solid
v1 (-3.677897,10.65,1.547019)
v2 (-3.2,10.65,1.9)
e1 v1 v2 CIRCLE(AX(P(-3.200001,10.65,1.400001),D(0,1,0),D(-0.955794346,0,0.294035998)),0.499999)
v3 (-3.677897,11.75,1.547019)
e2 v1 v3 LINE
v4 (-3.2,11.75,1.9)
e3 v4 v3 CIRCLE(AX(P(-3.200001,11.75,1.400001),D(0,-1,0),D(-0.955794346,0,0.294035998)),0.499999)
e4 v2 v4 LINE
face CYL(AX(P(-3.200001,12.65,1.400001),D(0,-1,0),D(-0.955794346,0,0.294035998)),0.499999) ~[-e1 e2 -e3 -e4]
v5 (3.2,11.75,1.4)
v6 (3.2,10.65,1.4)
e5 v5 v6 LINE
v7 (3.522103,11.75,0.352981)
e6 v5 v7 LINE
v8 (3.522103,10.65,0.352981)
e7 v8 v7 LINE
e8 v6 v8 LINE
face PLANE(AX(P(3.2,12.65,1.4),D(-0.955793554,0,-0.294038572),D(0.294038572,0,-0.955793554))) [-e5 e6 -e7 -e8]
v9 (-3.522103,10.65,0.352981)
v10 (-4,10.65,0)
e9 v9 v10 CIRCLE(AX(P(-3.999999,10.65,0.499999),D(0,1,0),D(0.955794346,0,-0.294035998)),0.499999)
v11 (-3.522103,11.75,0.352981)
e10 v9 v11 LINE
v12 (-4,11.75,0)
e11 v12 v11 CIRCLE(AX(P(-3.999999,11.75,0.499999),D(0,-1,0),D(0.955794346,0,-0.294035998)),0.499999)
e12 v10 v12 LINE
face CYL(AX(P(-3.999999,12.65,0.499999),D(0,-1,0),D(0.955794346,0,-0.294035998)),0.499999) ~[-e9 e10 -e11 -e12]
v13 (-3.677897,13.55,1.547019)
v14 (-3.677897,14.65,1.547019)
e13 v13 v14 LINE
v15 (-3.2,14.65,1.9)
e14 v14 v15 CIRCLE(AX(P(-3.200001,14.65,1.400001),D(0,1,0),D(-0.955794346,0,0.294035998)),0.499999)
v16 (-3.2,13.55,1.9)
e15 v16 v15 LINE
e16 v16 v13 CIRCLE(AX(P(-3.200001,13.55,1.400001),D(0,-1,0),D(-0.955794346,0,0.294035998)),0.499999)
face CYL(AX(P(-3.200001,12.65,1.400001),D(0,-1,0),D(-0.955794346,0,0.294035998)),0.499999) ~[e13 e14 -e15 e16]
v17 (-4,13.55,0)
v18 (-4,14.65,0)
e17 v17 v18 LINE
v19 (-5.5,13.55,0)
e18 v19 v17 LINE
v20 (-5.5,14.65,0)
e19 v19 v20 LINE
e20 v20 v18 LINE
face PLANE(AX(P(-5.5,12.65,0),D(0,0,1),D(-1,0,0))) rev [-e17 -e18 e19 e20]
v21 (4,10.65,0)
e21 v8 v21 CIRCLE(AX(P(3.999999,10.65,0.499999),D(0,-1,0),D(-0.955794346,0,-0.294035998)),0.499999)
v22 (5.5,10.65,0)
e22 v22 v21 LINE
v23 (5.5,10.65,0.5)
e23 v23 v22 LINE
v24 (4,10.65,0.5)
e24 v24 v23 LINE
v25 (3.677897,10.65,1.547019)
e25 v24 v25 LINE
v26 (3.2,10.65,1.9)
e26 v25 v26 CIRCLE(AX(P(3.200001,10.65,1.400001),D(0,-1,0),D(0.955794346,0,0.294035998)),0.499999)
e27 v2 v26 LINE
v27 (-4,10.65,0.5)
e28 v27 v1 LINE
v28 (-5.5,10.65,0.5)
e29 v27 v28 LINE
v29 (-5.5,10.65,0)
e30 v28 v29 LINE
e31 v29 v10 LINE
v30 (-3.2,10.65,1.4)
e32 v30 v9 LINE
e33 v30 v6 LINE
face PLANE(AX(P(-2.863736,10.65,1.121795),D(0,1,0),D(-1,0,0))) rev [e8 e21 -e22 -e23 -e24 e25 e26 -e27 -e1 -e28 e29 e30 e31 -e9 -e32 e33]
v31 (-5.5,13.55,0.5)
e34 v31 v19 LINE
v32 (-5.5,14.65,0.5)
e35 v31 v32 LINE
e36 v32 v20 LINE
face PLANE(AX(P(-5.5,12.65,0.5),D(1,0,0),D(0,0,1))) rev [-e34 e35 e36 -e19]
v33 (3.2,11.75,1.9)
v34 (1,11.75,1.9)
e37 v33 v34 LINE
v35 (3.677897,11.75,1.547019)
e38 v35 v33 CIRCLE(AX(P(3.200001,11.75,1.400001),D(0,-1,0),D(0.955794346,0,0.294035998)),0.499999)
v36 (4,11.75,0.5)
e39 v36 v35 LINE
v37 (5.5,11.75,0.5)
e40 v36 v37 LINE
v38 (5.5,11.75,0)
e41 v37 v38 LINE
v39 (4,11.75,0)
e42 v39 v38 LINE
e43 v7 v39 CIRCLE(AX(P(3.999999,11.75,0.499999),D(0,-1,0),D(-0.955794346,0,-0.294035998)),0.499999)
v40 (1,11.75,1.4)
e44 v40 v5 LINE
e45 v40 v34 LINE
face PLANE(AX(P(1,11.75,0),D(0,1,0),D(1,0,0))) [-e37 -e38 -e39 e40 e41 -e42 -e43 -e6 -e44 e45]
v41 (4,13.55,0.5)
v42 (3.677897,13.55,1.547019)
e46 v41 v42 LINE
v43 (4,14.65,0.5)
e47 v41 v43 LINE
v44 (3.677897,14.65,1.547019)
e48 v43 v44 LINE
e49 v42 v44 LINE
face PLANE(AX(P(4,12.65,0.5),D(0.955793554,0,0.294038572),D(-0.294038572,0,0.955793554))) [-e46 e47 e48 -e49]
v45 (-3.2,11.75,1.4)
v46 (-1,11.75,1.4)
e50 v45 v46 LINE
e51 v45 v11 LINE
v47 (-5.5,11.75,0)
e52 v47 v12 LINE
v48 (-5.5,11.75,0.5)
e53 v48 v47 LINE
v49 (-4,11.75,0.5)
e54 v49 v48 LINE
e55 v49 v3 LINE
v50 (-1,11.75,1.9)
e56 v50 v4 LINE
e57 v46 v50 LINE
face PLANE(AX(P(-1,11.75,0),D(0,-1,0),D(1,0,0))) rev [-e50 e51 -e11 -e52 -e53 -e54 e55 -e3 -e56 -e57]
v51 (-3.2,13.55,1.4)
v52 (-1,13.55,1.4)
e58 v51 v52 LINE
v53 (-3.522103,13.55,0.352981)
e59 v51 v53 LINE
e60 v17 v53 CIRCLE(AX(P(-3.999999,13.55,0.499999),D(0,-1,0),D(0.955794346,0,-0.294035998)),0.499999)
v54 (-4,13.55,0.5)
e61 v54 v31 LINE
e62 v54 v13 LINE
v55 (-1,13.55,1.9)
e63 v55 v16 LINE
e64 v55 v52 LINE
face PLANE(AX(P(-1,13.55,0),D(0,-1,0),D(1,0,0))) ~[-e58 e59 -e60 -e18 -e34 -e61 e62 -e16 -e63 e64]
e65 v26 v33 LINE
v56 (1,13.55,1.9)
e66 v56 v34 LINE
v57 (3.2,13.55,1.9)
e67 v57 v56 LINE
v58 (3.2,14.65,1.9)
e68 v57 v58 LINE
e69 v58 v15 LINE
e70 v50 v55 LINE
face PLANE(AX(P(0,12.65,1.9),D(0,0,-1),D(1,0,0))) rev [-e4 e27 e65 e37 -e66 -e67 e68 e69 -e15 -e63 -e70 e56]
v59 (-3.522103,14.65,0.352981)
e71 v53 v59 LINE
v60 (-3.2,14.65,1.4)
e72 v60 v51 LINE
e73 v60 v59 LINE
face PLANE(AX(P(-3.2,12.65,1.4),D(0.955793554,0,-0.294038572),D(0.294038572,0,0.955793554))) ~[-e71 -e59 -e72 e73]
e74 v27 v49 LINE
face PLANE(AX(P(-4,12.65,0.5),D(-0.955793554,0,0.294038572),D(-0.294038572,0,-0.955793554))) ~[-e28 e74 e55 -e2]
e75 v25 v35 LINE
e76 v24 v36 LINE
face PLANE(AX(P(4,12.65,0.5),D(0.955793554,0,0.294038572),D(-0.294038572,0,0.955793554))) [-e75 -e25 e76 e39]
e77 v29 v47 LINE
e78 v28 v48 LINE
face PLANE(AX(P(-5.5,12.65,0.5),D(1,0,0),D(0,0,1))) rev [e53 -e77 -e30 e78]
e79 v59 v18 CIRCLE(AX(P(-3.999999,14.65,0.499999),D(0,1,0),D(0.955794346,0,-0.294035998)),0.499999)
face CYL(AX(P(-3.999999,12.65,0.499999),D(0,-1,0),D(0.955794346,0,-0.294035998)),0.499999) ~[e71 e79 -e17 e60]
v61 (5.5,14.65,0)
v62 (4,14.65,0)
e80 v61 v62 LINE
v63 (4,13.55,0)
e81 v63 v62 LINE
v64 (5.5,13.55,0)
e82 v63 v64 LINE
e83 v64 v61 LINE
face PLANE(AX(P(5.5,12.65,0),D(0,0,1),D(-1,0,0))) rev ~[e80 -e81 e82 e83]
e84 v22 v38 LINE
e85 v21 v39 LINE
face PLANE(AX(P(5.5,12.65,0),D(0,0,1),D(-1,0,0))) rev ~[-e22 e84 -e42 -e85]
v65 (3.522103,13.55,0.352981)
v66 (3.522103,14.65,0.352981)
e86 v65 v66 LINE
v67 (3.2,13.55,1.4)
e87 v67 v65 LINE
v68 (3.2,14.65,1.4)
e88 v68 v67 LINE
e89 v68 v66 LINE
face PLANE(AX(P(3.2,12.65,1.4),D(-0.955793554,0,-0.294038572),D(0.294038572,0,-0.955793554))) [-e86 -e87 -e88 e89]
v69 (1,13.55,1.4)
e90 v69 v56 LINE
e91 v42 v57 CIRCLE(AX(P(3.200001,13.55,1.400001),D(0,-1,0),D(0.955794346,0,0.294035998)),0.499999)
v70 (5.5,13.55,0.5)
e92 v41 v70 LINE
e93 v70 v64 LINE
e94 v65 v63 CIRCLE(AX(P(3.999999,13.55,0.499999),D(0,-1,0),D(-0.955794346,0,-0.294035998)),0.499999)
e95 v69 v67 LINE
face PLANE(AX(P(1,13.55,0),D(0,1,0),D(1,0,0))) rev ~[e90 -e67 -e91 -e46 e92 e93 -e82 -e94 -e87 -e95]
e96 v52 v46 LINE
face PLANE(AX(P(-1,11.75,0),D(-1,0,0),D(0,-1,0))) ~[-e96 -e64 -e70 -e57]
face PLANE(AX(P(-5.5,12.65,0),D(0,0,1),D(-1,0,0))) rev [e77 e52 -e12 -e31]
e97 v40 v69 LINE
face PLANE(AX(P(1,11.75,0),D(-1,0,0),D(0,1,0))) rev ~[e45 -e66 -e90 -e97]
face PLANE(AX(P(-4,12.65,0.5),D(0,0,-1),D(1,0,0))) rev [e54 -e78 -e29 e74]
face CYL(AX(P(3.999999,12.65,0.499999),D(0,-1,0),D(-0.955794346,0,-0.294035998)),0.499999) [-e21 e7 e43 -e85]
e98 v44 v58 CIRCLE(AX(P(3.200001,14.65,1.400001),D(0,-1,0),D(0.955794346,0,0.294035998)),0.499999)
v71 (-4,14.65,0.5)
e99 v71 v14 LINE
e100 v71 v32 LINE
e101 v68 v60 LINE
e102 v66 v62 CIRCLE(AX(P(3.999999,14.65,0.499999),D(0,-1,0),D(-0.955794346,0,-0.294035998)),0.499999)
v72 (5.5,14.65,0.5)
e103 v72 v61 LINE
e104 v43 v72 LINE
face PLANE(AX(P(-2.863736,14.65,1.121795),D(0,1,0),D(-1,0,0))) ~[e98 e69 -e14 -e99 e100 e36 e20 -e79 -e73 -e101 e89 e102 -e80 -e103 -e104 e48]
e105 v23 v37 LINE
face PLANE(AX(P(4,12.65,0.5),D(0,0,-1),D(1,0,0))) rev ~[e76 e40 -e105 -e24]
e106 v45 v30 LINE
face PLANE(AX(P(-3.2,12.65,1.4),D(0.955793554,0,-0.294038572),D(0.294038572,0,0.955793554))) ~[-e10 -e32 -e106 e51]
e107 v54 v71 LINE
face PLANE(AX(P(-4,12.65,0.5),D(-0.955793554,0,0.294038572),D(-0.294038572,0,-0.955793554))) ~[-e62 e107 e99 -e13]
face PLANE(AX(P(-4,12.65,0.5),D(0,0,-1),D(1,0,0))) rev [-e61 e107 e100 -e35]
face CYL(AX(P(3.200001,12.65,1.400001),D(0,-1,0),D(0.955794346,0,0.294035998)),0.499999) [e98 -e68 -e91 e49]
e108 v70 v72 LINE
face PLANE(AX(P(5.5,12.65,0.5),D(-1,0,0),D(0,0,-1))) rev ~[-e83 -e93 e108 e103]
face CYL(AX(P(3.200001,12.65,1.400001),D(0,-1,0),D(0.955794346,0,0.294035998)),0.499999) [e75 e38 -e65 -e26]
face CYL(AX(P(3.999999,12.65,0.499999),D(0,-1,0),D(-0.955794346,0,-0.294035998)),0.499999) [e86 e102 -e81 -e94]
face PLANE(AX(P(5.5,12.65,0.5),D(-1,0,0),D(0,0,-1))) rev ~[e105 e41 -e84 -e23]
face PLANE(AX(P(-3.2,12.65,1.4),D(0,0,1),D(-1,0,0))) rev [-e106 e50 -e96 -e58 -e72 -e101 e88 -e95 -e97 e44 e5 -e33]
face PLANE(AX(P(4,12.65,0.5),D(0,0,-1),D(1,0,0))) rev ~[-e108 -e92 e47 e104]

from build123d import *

# Parameters (mm, degrees)
PAD024_DEPTH         = 2
SKETCH118_W          = 5
SKETCH118_H          = 1.8
POCKET028_DEPTH      = 23.716818
POCKET028_DEPTH_BACK = 25.616818


with BuildPart() as part:
    # Sketch119 → Pad024 (new body, symmetric)
    with BuildSketch(Plane.XZ):
        with BuildLine():
            Line((0, 1.9), (3.2, 1.9))
            ThreePointArc((3.677897, 1.547019), (3.497061, 1.802188), (3.2, 1.9))
            Line((4, 0.5), (3.677897, 1.547019))
            Line((4, 0.5), (5.5, 0.5))
            Line((5.5, 0.5), (5.5, 0))
            Line((5.5, 0), (4, 0))
            ThreePointArc((3.522103, 0.352981), (3.702939, 0.097812), (4, 0))
            Line((3.2, 1.4), (3.522103, 0.352981))
            Line((3.2, 1.4), (0, 1.4))
            Line((0, 1.4), (0, 1.9))
        make_face()
    pad024 = extrude(amount=PAD024_DEPTH, both=True)

    # Mirrored020: Pad024 across YZ
    add(pad024.mirror(Plane.YZ))

    # Sketch118 → Pocket028 (cut, two sides)
    with BuildSketch(Plane.XY) as pocket028_sk:
        with Locations((3.5, 0)):
            Rectangle(SKETCH118_W, SKETCH118_H)
    pocket028 = extrude(amount=-POCKET028_DEPTH, mode=Mode.SUBTRACT) + extrude(pocket028_sk.sketch, amount=POCKET028_DEPTH_BACK, mode=Mode.SUBTRACT)

    # Mirrored003: Pocket028 across YZ
    add(pocket028.mirror(Plane.YZ), mode=Mode.SUBTRACT)


with BuildPart() as part_1:
    # Body033 placement: moved
    add(part.part.moved(Location((0, 12.65, 0))))


solid = part_1.part
